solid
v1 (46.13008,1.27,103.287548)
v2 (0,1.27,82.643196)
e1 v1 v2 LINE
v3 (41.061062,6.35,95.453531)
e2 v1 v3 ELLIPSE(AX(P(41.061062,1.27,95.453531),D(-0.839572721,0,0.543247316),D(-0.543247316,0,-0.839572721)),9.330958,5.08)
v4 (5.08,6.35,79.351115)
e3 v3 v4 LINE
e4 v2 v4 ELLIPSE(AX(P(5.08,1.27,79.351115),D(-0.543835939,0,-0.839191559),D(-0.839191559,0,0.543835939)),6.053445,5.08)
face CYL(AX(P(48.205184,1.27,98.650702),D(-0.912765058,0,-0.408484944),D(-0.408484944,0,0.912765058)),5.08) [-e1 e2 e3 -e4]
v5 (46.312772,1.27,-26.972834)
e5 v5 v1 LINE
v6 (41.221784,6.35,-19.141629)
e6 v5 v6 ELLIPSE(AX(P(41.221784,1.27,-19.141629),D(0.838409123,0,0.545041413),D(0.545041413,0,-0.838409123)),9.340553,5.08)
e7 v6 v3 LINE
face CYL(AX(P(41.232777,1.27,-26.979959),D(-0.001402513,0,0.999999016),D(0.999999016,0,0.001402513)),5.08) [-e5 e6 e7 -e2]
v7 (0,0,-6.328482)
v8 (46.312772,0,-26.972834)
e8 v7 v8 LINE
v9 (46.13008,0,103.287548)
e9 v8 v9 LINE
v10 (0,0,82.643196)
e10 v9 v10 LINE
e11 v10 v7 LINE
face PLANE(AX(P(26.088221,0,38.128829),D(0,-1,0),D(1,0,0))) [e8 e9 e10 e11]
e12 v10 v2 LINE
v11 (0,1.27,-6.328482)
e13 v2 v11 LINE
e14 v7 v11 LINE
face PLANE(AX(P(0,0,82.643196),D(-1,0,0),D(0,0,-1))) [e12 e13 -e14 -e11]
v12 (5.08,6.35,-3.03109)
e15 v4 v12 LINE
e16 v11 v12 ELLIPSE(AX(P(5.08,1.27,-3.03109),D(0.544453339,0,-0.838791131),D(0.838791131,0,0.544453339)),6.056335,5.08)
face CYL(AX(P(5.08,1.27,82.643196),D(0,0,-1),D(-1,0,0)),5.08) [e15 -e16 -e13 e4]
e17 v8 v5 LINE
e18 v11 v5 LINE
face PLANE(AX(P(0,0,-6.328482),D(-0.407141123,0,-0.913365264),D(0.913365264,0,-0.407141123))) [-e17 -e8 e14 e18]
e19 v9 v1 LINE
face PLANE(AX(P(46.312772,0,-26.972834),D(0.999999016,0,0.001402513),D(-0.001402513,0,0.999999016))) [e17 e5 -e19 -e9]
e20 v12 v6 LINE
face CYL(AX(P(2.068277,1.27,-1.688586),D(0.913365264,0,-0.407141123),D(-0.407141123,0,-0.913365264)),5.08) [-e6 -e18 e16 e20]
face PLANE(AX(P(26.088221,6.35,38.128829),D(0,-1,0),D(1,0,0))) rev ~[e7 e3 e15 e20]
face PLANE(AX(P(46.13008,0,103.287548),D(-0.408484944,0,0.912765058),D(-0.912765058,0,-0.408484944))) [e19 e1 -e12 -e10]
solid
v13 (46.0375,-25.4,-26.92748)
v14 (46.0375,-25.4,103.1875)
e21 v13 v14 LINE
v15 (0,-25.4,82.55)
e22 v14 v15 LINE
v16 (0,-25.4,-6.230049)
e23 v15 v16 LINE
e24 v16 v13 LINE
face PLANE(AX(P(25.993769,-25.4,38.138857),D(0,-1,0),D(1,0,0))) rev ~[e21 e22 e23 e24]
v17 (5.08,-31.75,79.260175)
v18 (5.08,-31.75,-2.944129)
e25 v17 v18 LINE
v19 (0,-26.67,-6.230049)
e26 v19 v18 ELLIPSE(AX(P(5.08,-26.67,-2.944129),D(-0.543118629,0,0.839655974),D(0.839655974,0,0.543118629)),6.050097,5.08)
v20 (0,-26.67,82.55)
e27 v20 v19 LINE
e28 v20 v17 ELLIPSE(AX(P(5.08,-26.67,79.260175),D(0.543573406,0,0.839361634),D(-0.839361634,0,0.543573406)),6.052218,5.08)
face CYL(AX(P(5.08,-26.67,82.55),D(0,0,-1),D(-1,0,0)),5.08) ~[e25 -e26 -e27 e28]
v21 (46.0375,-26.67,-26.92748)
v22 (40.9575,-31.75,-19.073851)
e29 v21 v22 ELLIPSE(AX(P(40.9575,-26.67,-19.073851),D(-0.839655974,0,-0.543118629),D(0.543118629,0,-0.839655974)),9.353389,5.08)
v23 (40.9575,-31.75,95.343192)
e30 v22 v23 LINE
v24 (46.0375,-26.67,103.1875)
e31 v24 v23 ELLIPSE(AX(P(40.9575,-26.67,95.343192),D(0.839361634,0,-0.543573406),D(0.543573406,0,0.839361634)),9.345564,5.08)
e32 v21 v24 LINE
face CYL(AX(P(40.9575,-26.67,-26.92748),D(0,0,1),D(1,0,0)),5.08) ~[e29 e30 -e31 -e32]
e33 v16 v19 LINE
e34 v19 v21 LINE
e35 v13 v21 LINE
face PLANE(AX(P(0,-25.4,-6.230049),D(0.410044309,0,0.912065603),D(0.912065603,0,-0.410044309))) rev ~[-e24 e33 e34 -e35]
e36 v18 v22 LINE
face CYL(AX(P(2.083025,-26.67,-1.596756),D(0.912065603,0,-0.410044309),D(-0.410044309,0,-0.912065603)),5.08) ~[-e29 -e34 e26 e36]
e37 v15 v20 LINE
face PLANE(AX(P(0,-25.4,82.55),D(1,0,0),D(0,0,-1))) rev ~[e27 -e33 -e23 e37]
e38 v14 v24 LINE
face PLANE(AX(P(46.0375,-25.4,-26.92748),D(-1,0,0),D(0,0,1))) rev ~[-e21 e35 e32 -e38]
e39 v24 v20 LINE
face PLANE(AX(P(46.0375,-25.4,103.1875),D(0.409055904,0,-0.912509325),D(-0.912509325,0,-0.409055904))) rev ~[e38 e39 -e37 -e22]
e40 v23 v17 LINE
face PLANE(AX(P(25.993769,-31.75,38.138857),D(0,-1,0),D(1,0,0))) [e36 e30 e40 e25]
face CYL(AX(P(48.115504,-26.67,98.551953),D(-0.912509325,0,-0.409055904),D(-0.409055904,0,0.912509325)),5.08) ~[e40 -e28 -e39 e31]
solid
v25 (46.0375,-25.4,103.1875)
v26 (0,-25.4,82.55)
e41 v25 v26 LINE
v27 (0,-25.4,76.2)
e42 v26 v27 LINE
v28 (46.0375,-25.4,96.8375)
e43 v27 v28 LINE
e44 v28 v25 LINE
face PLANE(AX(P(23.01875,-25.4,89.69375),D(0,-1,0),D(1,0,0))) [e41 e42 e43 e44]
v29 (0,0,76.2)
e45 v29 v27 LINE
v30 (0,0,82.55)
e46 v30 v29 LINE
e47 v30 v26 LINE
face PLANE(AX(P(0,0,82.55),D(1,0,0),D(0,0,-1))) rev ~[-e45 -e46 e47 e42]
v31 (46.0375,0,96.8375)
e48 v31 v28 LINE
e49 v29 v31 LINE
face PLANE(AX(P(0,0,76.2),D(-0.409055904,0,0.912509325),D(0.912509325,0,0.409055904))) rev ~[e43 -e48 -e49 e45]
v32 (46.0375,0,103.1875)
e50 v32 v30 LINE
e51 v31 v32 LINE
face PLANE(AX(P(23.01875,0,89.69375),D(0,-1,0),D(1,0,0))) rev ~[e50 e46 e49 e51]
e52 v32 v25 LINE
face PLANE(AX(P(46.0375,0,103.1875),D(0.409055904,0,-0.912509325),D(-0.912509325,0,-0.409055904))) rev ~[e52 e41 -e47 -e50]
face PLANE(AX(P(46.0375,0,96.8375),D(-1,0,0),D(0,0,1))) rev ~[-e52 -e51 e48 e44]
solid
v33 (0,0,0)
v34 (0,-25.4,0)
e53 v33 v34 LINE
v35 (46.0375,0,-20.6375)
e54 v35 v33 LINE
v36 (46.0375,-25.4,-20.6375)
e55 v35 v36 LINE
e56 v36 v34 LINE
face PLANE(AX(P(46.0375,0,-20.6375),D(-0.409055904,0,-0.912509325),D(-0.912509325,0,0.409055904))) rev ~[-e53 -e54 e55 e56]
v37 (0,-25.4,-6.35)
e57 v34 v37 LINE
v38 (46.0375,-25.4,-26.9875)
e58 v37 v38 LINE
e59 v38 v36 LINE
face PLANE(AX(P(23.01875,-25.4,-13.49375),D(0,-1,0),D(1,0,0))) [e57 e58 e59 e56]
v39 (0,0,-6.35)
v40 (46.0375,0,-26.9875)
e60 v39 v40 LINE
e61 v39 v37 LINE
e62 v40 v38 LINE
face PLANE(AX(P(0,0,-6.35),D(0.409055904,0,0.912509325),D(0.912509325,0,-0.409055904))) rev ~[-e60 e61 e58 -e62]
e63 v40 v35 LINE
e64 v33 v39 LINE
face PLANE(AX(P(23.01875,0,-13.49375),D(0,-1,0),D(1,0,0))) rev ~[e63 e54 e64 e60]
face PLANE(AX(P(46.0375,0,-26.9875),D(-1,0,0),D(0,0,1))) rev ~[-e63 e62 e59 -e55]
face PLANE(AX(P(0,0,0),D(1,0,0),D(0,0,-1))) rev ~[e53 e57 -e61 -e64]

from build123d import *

# Parameters (mm, degrees)
F1_DEPTH = 25.4
F2_DEPTH = 25.4
F4_DEPTH = 6.35
F6_DEPTH = 6.35
F7_R     = 5.08
F8_R     = 5.08


with BuildPart() as f1:
    # F0 (on Front) → F1 (new body)
    with BuildSketch(Plane.XZ):
        Polygon((0, 82.55), (0, 76.2), (46.0375, 96.8375), (46.0375, 103.1875), align=None)
    extrude(amount=F1_DEPTH)


with BuildPart() as f2:
    # F0 (on Front) → F2 (new body)
    with BuildSketch(Plane.XZ):
        Polygon((46.0375, -20.6375), (0, 0), (0, -6.35), (46.0375, -26.9875), align=None)
    extrude(amount=F2_DEPTH)


with BuildPart() as f4:
    # F3 (on Front) → F4 (new body)
    with BuildSketch(Plane.XZ):
        Polygon((46.312772, -26.972834), (46.13008, 103.287548), (0, 82.643196), (0, -6.328482), align=None)
    extrude(amount=-F4_DEPTH)

    # F8
    f8_edges = [f4.edges().sort_by_distance(p)[0] for p in [
        (23.06504, 6.35, 92.965372),
        (23.156386, 6.35, -16.650658),
        (46.221426, 6.35, 38.157357),
        (0, 6.35, 38.157357),
    ]]
    fillet(f8_edges, radius=F8_R)


with BuildPart() as f6:
    # F5 (on face) → F6 (new body)
    with BuildSketch(Plane.XZ.offset(25.4)):
        Polygon((46.0375, 103.1875), (0, 82.55), (0, -6.230049), (46.0375, -26.92748), align=None)
    extrude(amount=F6_DEPTH)

    # F7
    f7_edges = [f6.edges().sort_by_distance(p)[0] for p in [
        (23.01875, -31.75, -16.578765),
        (46.0375, -31.75, 38.13001),
        (23.01875, -31.75, 92.86875),
        (0, -31.75, 38.159975),
    ]]
    fillet(f7_edges, radius=F7_R)


solid = Compound([f1.part, f2.part, f4.part, f6.part])
